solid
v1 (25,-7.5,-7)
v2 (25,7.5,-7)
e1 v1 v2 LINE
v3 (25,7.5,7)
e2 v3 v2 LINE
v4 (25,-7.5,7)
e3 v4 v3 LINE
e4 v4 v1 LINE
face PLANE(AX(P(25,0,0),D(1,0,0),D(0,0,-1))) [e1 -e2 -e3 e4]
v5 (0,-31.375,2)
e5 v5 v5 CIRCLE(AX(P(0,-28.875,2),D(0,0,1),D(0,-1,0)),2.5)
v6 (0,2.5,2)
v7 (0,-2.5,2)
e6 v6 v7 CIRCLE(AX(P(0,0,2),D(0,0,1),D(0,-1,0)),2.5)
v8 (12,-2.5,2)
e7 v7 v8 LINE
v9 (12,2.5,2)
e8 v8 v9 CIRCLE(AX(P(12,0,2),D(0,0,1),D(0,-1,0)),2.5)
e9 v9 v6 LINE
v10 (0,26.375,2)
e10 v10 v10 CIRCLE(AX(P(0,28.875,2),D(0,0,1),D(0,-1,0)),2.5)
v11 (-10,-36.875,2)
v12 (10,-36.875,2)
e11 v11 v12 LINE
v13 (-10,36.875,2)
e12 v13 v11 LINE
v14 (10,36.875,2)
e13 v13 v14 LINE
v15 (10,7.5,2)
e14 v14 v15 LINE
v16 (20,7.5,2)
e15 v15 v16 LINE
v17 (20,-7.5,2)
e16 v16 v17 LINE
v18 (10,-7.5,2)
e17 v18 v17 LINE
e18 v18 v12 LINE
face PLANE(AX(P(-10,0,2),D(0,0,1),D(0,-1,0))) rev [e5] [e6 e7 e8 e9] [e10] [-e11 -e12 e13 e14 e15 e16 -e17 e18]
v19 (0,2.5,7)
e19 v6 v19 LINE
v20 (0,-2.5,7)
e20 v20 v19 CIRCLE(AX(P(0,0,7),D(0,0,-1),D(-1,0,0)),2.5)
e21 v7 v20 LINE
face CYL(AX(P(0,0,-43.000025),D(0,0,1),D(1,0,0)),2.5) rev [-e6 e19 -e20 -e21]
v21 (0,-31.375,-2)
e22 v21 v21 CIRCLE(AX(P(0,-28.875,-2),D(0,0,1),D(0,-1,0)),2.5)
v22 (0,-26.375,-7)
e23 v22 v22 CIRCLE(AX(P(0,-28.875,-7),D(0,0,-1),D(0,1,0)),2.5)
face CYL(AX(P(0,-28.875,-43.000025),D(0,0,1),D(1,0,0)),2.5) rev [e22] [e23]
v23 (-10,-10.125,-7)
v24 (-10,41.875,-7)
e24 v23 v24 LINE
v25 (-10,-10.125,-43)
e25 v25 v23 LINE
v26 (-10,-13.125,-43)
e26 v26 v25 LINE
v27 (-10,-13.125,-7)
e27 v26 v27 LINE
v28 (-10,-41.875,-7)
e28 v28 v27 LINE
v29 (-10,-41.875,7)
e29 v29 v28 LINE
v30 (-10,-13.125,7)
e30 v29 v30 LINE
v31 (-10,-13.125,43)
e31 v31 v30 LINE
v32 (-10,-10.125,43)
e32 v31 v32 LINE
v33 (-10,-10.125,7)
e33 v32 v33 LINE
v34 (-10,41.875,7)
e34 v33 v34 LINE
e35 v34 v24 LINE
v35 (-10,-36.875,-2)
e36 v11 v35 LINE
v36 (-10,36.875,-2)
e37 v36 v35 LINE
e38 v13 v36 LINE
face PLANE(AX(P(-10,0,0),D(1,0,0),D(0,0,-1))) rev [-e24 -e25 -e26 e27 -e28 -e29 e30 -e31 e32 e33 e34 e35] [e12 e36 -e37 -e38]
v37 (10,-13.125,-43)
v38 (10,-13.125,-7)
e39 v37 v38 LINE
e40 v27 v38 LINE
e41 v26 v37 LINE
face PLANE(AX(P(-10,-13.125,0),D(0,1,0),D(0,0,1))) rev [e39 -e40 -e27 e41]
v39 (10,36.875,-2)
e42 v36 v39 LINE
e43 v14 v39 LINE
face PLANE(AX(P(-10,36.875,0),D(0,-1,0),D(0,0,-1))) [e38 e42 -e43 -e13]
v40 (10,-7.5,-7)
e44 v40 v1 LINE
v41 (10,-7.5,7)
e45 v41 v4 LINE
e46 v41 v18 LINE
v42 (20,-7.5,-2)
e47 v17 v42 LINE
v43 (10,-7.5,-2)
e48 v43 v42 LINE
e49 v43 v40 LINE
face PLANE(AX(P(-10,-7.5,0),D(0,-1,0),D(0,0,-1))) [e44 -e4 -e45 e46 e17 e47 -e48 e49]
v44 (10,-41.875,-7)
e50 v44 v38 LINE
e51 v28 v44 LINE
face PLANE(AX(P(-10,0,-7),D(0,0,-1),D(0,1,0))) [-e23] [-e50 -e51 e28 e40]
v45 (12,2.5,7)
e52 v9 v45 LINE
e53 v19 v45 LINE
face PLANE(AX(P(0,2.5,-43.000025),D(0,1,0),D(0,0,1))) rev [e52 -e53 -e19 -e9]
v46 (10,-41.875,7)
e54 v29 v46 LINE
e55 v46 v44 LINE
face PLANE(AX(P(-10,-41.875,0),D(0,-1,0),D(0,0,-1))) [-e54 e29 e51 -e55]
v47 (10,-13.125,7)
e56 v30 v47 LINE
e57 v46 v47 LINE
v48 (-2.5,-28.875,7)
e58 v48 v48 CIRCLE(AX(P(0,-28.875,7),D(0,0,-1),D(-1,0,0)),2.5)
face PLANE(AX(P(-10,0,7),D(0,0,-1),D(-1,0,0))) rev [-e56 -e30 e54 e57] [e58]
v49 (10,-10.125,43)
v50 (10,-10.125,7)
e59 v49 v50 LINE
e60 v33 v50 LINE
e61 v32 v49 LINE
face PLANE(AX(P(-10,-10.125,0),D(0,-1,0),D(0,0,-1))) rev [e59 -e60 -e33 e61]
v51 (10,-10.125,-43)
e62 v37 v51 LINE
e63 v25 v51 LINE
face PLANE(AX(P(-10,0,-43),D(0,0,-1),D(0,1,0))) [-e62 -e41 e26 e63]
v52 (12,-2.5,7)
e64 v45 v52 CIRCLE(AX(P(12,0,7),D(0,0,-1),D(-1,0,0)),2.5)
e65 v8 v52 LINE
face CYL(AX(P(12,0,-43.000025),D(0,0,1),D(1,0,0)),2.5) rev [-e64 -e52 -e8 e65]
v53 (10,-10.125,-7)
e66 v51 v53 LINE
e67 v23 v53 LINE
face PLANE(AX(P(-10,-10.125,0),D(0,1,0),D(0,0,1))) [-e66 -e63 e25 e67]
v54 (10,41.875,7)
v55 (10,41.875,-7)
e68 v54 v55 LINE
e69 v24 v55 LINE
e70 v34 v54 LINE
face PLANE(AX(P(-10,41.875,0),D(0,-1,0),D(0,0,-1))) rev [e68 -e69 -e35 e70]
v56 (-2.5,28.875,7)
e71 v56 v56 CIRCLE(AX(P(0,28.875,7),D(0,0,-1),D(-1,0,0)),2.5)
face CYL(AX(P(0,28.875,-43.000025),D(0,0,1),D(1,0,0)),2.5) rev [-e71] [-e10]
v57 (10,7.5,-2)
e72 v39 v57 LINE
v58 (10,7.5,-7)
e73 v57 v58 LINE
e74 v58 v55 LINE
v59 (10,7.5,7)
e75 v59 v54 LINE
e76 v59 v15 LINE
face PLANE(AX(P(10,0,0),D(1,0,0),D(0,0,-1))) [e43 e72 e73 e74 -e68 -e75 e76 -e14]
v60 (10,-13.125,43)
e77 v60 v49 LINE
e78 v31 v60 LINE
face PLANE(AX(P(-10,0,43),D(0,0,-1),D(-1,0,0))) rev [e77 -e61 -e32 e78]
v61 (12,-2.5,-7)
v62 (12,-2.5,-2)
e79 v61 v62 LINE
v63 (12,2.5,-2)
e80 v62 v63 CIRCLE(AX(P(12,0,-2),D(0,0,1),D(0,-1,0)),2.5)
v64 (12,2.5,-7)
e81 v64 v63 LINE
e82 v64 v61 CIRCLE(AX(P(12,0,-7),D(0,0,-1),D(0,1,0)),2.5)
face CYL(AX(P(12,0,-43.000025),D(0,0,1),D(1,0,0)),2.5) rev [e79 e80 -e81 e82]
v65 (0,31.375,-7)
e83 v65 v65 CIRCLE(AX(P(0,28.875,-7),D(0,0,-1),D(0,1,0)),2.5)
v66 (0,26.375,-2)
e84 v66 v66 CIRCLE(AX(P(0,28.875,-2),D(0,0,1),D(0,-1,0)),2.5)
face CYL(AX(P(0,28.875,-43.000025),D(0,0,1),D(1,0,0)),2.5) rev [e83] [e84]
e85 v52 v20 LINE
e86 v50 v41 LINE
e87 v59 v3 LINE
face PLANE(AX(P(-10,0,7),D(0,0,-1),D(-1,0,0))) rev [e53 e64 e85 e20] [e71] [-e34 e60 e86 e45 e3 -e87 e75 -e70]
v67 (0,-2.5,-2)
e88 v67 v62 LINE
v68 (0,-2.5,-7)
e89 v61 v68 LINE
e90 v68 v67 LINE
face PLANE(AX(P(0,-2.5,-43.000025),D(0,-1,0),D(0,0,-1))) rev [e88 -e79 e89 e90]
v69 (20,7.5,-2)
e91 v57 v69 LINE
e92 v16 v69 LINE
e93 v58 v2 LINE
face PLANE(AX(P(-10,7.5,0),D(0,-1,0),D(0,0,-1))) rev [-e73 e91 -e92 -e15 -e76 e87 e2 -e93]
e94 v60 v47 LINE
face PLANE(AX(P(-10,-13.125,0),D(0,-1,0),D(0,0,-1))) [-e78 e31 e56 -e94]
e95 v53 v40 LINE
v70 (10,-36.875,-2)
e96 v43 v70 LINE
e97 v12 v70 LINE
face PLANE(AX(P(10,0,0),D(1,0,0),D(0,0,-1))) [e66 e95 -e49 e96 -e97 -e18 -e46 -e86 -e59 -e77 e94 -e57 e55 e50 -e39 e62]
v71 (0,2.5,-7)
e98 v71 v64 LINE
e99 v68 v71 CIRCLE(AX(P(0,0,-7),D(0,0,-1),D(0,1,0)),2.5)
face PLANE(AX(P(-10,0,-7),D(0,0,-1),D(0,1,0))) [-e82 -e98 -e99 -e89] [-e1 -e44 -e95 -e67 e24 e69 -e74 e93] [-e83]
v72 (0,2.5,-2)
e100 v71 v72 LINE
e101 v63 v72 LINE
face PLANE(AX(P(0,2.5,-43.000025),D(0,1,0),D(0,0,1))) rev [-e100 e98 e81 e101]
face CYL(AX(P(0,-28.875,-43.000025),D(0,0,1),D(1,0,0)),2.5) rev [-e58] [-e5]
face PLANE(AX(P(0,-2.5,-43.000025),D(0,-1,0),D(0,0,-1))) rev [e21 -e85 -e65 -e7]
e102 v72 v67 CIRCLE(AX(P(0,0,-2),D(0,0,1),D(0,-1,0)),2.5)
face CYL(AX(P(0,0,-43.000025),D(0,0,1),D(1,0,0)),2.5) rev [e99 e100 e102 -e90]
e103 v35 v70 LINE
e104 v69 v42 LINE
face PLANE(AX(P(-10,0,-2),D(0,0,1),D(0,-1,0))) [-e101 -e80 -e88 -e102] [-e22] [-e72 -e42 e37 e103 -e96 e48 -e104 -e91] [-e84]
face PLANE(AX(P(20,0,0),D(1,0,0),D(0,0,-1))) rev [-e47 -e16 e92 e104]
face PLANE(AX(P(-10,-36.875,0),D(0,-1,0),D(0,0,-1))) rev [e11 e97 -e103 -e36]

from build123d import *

# Parameters (mm, degrees)
BOSS_EXTRUDE5_DEPTH      = 10
BOSS_EXTRUDE5_DEPTH_BACK = 10
BOSS_EXTRUDE6_DEPTH      = 25
BOSS_EXTRUDE6_DEPTH_BACK = 10
SKETCH1_8_W              = 5
SKETCH1_8_H              = 15
BOSS_EXTRUDE7_START      = 20
SKETCH1_9_W              = 4
SKETCH1_9_H              = 15
BOSS_EXTRUDE7_DEPTH      = 5
BOSS_EXTRUDE8_DEPTH      = 10
BOSS_EXTRUDE8_DEPTH_BACK = 10
BOSS_EXTRUDE9_DEPTH      = 10
BOSS_EXTRUDE9_DEPTH_BACK = 10
SKETCH1_11_W             = 36
SKETCH1_11_H             = 3
CUT_EXTRUDE2_DEPTH       = 70.846371595
CUT_EXTRUDE2_DEPTH_BACK  = 70.846371595
SKETCH2_R                = 2.5


with BuildPart() as part:
    # Sketch1 → Boss-Extrude5 (new, two sides: drawn at the far end of the back side and taken through both)
    with BuildSketch(Plane(origin=(0, 0, 0), x_dir=(0, 0, -1), z_dir=(1, 0, 0)).offset(-BOSS_EXTRUDE5_DEPTH_BACK)):
        Polygon((-7, 41.875), (-7, 7.5), (-2, 7.5), (-2, 36.875), (2, 36.875), (2, 7.5), (7, 7.5), (7, 41.875), align=None)
    extrude(amount=BOSS_EXTRUDE5_DEPTH + BOSS_EXTRUDE5_DEPTH_BACK)

    # Sketch1<8> → Boss-Extrude6 (add, two sides: drawn at the far end of the back side and taken through both)
    with BuildSketch(Plane(origin=(0, 0, 0), x_dir=(0, 0, -1), z_dir=(1, 0, 0)).offset(-BOSS_EXTRUDE6_DEPTH_BACK)):
        with Locations((-4.5, 0)):
            Rectangle(SKETCH1_8_W, SKETCH1_8_H)
        with Locations((4.5, 0)):
            Rectangle(SKETCH1_8_W, SKETCH1_8_H)
    extrude(amount=BOSS_EXTRUDE6_DEPTH + BOSS_EXTRUDE6_DEPTH_BACK)

    # Sketch1<9> → Boss-Extrude7 (add)
    with BuildSketch(Plane(origin=(0, 0, 0), x_dir=(0, 0, -1), z_dir=(1, 0, 0)).offset(BOSS_EXTRUDE7_START)):
        Rectangle(SKETCH1_9_W, SKETCH1_9_H)
    extrude(amount=BOSS_EXTRUDE7_DEPTH)

    # Sketch1<10> → Boss-Extrude8 (add, two sides: drawn at the far end of the back side and taken through both)
    with BuildSketch(Plane(origin=(0, 0, 0), x_dir=(0, 0, -1), z_dir=(1, 0, 0)).offset(-BOSS_EXTRUDE8_DEPTH_BACK)):
        Polygon((-2, -7.5), (-7, -7.5), (-7, -10.125), (-7, -13.125), (-7, -41.875), (7, -41.875), (7, -13.125), (7, -10.125), (7, -7.5), (2, -7.5), (2, -36.875), (-2, -36.875), align=None)
    extrude(amount=BOSS_EXTRUDE8_DEPTH + BOSS_EXTRUDE8_DEPTH_BACK)

    # Sketch1<11> → Boss-Extrude9 (add, two sides: drawn at the far end of the back side and taken through both)
    with BuildSketch(Plane(origin=(0, 0, 0), x_dir=(0, 0, -1), z_dir=(1, 0, 0)).offset(-BOSS_EXTRUDE9_DEPTH_BACK)):
        with Locations((-25, -11.625)):
            Rectangle(SKETCH1_11_W, SKETCH1_11_H)
        with Locations((25, -11.625)):
            Rectangle(SKETCH1_11_W, SKETCH1_11_H)
    extrude(amount=BOSS_EXTRUDE9_DEPTH + BOSS_EXTRUDE9_DEPTH_BACK)

    # Sketch2 → Cut-Extrude2 (cut, two sides: drawn at the far end of the back side and taken through both)
    with BuildSketch(Plane.XY.offset(7).offset(-CUT_EXTRUDE2_DEPTH_BACK)):
        with Locations((0, 28.875)):
            Circle(SKETCH2_R)
        with Locations((0, -28.875)):
            Circle(SKETCH2_R)
        with BuildLine():
            Line((0, 2.5), (12, 2.5))
            ThreePointArc((12, 2.5), (14.5, 0), (12, -2.5))
            Line((12, -2.5), (0, -2.5))
            ThreePointArc((0, -2.5), (-2.5, 0), (0, 2.5))
        make_face()
    extrude(amount=CUT_EXTRUDE2_DEPTH + CUT_EXTRUDE2_DEPTH_BACK, mode=Mode.SUBTRACT)


solid = part.part
